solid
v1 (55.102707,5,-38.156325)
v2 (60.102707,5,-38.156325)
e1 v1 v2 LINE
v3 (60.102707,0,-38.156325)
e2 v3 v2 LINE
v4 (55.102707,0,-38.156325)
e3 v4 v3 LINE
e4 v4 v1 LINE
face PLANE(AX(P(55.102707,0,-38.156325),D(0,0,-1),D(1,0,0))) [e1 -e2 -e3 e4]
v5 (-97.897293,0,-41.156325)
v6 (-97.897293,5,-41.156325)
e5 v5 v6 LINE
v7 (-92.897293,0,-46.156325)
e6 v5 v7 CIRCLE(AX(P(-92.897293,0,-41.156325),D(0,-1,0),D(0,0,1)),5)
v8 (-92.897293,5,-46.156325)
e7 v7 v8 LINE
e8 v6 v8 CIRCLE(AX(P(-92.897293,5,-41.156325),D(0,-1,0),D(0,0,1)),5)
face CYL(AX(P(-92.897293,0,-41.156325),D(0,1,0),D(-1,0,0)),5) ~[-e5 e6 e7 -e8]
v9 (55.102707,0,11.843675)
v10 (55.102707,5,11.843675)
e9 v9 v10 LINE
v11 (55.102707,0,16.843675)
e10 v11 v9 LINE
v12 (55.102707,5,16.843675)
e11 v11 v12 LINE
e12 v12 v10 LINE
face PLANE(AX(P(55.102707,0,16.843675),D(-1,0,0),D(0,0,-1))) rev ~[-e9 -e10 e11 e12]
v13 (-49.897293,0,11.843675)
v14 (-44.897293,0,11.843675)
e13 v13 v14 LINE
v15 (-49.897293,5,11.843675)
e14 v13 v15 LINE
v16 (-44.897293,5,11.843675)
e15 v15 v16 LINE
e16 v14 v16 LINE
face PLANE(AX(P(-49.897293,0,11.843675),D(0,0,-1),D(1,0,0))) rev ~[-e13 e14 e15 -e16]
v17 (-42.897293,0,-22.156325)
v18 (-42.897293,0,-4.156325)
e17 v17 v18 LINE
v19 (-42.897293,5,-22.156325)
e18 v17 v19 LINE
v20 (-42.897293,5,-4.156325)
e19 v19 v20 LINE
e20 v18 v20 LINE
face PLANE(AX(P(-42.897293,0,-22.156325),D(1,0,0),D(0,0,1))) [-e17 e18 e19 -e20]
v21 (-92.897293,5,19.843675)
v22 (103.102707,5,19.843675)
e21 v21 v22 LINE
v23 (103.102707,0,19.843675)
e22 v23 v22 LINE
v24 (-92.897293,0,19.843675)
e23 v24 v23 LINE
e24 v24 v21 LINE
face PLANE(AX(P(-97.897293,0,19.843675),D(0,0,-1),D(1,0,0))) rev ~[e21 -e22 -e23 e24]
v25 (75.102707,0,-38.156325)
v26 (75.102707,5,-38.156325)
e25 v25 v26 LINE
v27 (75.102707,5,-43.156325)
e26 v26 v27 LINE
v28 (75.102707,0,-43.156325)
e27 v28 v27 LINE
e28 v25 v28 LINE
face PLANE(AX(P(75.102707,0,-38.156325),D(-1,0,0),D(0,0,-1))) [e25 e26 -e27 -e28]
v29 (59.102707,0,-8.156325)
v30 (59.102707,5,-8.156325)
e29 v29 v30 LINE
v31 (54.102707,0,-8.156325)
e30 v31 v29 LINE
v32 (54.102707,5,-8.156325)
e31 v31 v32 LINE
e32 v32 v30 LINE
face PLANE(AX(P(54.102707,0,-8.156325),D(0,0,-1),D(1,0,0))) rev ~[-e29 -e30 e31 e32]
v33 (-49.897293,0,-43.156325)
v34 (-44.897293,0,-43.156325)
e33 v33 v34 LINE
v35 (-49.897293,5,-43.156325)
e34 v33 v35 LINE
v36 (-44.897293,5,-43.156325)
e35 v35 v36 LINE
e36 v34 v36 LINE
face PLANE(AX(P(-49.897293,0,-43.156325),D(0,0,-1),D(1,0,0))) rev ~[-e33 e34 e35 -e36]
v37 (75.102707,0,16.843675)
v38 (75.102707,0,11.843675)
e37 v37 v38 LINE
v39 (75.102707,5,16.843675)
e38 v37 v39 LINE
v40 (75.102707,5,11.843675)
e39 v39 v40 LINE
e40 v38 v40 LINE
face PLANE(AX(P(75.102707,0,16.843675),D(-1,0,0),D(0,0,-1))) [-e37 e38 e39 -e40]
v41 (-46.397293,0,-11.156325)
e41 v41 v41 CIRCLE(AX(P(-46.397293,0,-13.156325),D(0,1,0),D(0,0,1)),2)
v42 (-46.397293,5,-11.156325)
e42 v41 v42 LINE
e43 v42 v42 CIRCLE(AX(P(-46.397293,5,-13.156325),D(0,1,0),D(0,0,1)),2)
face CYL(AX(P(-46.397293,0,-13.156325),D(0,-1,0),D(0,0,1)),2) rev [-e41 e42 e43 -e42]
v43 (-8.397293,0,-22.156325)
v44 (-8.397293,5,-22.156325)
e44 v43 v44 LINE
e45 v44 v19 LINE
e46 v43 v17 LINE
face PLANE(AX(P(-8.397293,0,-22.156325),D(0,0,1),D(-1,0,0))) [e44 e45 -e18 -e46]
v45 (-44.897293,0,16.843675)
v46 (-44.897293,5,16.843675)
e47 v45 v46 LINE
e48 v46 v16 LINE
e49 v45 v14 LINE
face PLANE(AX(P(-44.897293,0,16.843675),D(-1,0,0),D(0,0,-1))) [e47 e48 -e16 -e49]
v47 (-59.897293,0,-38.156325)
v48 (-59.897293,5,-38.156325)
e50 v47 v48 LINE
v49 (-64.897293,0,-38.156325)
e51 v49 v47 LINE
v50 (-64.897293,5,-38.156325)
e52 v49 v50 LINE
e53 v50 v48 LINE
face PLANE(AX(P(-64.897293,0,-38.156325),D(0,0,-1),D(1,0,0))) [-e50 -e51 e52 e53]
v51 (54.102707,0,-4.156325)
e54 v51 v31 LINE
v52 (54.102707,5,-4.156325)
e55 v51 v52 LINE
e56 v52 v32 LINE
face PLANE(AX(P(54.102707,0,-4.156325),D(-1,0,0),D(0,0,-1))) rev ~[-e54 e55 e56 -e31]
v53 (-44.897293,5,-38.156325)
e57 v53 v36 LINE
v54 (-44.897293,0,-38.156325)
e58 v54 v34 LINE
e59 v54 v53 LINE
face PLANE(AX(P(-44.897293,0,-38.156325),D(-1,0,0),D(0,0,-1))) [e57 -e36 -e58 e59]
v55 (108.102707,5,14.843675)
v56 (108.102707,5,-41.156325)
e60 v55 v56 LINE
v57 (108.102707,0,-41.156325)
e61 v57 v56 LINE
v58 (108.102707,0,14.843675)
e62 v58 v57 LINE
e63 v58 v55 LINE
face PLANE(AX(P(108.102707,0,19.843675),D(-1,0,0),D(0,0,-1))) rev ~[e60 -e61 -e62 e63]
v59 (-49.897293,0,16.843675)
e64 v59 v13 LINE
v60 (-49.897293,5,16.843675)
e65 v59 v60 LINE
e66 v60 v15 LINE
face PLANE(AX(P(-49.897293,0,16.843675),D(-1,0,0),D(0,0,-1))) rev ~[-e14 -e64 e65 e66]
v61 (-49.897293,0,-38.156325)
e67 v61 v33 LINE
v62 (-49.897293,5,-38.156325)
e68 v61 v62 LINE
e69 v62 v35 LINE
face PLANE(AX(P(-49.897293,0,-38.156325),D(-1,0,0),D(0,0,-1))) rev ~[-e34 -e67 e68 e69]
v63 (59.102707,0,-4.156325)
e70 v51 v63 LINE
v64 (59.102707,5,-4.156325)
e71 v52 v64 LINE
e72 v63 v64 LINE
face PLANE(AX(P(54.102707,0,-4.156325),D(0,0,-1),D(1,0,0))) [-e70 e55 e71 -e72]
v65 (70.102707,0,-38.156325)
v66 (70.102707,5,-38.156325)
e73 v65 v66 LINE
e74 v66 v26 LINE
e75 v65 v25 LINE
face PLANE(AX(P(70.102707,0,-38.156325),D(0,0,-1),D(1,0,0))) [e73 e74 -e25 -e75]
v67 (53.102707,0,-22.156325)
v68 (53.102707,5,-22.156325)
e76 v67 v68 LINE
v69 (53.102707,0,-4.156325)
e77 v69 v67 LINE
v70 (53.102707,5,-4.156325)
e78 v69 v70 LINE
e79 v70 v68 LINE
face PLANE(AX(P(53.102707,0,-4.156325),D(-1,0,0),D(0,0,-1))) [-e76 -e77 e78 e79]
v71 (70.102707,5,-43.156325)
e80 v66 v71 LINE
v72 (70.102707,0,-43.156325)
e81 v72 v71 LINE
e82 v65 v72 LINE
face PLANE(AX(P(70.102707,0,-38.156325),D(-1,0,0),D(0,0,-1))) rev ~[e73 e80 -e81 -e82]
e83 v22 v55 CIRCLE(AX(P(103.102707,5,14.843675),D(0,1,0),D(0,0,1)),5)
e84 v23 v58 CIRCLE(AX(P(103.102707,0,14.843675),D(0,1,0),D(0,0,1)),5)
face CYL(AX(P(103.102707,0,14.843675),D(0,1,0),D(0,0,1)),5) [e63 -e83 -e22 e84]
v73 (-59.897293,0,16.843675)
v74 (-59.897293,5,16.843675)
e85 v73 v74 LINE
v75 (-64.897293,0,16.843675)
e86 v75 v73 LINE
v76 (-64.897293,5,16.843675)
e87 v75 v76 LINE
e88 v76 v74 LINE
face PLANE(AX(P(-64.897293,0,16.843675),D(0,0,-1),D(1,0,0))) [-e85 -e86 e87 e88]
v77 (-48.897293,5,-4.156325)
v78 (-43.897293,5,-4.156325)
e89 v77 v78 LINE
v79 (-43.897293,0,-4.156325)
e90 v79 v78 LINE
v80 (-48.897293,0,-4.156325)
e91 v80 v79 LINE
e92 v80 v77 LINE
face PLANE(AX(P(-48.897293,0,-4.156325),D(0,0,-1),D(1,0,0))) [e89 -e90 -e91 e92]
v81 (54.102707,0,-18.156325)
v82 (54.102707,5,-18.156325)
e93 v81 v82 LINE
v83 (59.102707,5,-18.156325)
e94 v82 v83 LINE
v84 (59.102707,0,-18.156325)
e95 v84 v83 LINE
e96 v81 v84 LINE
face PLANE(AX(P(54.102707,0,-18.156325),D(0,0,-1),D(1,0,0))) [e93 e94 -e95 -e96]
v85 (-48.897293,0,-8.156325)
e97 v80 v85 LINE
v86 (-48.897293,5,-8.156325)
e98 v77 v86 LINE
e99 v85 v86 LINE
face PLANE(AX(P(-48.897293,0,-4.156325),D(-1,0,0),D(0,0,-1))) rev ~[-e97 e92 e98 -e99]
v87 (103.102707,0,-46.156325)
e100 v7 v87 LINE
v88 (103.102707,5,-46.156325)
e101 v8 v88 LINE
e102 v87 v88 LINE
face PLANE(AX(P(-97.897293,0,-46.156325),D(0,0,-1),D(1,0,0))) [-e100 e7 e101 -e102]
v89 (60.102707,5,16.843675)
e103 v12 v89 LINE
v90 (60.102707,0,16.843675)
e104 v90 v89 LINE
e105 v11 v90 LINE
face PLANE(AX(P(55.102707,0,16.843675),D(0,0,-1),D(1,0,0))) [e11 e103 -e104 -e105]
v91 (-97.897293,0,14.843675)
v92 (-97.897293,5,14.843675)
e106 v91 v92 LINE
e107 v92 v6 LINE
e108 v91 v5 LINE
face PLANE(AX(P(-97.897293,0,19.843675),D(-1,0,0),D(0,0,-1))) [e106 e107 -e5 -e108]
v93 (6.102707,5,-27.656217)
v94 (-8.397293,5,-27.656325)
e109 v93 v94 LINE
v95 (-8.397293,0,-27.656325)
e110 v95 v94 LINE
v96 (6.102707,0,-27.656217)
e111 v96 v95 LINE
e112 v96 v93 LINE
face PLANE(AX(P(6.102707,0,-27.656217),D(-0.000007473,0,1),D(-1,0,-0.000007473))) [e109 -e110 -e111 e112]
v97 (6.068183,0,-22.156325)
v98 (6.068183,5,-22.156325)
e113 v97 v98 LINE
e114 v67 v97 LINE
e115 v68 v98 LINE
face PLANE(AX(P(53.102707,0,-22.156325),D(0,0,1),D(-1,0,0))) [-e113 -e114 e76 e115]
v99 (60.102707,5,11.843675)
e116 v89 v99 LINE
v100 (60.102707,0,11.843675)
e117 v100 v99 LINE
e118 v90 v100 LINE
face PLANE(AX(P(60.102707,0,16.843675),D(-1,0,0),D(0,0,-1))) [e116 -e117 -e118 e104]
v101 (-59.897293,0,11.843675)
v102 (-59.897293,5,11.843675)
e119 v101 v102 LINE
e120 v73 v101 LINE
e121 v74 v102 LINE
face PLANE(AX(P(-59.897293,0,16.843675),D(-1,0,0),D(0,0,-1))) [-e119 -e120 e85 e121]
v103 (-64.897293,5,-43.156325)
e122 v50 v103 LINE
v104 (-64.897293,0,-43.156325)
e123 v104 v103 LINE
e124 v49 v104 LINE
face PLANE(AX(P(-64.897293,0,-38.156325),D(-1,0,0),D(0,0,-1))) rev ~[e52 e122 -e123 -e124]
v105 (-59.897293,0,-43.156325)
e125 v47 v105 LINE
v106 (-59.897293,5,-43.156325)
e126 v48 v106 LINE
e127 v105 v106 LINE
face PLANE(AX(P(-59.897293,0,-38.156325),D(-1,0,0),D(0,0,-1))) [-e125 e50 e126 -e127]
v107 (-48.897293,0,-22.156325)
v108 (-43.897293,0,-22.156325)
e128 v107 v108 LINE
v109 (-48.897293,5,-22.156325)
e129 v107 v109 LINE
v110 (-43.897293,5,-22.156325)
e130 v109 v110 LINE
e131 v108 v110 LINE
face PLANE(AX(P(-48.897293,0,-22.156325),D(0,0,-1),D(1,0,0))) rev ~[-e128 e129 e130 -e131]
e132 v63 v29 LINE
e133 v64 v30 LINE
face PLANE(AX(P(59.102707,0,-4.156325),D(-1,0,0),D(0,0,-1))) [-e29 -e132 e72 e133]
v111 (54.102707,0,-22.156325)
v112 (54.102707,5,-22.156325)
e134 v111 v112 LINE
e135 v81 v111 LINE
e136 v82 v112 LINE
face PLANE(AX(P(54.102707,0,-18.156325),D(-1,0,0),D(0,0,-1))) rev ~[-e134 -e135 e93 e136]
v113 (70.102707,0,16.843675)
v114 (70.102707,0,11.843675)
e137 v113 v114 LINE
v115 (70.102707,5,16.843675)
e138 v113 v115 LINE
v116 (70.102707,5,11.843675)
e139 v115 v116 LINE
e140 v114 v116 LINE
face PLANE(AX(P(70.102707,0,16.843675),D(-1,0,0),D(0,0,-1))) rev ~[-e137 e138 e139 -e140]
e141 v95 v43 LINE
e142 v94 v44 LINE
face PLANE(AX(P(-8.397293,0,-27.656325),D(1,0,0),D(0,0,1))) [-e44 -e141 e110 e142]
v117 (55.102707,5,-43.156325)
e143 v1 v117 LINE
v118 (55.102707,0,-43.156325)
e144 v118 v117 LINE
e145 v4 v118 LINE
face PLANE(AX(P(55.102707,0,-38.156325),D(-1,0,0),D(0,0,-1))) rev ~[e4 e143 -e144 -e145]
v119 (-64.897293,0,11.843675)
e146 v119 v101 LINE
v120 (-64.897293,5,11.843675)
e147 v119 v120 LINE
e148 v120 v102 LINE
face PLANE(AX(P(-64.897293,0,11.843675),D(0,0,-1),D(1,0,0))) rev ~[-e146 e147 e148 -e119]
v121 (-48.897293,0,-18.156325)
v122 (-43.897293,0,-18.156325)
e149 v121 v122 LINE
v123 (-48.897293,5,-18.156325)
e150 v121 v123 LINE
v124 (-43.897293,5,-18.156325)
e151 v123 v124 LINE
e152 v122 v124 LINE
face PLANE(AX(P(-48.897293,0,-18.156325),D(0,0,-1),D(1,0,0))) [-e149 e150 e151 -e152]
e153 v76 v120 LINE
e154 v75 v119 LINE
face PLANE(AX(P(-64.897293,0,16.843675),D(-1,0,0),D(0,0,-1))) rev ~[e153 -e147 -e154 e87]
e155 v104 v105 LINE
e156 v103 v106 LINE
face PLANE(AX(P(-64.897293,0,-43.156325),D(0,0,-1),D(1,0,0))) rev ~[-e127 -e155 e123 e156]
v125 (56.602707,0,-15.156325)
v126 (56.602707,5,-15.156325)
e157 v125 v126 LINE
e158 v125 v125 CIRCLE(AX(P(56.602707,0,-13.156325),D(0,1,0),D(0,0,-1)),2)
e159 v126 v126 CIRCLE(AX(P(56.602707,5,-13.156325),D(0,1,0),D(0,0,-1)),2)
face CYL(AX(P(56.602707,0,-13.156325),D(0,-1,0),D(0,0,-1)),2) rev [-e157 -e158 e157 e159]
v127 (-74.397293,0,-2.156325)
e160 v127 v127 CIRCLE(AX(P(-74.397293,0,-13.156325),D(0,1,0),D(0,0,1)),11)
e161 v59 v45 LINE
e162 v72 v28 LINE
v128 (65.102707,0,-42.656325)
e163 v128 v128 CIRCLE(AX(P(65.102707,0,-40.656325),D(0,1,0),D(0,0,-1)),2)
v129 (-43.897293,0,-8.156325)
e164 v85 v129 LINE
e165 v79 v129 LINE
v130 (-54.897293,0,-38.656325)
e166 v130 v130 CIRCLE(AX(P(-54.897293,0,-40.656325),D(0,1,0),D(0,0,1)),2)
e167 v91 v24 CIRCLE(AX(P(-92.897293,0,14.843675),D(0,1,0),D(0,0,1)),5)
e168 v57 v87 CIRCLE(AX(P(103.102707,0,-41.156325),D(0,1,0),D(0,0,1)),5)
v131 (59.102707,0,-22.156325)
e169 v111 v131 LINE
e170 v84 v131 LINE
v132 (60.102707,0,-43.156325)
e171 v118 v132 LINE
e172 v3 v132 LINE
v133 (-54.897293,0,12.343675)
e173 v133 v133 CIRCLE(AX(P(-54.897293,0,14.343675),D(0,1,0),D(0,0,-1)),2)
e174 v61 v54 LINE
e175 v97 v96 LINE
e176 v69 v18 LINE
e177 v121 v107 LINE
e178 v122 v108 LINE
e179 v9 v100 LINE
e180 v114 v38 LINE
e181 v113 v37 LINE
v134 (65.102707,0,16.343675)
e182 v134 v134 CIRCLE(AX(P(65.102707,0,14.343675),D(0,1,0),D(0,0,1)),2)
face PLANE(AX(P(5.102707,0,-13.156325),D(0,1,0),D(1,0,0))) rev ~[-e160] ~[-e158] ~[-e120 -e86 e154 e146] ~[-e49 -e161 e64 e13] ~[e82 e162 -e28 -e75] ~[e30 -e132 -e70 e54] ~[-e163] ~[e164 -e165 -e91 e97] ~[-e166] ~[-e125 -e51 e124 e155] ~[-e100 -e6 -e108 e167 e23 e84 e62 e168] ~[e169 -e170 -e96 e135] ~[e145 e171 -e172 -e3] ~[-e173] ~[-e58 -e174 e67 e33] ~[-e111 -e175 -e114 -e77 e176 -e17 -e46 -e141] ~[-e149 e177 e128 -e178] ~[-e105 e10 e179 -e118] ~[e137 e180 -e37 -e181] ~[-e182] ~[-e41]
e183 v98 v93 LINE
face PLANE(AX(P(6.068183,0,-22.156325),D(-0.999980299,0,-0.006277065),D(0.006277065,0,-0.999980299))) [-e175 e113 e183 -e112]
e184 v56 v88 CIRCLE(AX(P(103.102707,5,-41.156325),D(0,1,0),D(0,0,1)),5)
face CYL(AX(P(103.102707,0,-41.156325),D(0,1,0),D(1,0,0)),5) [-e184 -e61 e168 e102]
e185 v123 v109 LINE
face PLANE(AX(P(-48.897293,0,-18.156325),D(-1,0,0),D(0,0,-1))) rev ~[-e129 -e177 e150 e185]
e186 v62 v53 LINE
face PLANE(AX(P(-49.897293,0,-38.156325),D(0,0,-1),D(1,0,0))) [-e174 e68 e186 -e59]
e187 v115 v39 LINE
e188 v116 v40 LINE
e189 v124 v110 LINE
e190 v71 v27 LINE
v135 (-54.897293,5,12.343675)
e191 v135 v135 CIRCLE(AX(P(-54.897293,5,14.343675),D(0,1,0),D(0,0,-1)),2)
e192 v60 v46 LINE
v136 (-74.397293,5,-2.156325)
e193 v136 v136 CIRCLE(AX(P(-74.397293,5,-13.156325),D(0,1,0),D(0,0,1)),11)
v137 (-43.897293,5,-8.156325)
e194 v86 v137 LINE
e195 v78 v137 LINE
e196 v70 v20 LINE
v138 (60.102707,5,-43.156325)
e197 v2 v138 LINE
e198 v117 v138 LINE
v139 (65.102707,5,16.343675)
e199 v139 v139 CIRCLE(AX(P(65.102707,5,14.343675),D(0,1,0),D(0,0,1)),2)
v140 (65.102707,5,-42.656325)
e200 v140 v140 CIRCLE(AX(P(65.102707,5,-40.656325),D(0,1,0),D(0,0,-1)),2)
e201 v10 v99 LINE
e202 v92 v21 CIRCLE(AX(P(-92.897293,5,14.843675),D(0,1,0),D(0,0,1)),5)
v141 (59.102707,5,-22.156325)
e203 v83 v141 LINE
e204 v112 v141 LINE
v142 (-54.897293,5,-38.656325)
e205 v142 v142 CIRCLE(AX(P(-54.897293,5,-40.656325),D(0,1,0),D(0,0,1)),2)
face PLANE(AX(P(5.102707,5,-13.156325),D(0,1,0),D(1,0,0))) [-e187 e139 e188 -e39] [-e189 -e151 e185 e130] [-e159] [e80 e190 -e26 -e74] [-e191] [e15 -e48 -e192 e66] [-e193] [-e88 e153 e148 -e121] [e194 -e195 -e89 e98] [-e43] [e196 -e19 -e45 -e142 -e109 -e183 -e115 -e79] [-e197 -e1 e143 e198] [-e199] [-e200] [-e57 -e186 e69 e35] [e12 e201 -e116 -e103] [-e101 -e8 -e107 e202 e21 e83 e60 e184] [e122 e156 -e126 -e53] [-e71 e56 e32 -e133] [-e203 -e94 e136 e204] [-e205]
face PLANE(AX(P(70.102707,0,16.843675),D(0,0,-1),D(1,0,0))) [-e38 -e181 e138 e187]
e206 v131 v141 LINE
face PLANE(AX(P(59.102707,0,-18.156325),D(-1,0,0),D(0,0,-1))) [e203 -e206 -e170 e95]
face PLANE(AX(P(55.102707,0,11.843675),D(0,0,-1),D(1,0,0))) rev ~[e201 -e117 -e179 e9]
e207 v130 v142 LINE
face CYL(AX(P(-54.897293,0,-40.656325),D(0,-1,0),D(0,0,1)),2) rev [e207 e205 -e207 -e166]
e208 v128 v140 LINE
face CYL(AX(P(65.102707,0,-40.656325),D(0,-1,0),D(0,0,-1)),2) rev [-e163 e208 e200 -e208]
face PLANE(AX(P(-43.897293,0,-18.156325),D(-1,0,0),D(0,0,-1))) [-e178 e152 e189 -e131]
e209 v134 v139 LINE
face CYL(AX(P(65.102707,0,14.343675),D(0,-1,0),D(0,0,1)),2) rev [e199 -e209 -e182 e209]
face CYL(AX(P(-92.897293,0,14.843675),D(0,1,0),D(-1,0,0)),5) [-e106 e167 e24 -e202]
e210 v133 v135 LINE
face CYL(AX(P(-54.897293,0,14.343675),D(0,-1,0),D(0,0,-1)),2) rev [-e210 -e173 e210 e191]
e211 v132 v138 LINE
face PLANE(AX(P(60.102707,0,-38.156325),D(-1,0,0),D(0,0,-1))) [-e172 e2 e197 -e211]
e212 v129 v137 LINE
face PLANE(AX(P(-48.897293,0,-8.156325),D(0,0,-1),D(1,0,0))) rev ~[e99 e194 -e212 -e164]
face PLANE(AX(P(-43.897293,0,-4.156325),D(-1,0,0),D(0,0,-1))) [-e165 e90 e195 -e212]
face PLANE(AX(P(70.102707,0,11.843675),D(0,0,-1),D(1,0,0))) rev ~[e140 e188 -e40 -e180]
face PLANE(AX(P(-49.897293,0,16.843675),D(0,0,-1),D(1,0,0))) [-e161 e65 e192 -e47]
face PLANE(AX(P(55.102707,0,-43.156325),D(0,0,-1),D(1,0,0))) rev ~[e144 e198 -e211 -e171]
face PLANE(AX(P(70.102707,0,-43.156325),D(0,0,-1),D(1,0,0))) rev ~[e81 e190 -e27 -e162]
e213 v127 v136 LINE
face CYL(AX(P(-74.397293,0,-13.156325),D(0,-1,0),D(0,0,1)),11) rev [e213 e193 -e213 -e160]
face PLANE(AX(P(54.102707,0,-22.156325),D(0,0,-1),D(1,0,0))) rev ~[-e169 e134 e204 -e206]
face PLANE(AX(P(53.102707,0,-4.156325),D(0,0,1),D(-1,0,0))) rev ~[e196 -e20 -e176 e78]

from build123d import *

# Parameters (mm, degrees)
SKETCH1_W           = 206
SKETCH1_H           = 66
SKETCH1_R           = 2
SKETCH1_R_2         = 11
SKETCH1_W_2         = 5
SKETCH1_H_2         = 5
SKETCH1_H_3         = 4
BOSS_EXTRUDE4_DEPTH = 5
FILLET9_R           = 5


with BuildPart() as part:
    # Sketch1 → Boss-Extrude4 (new body)
    with BuildSketch(Plane(origin=(0, 0, 0), x_dir=(1, 0, 0), z_dir=(0, 1, 0))):
        with Locations((5.102707087, 13.156325227)):
            Rectangle(SKETCH1_W, SKETCH1_H)
        with Locations(Location((-54.897292913, 40.656325227, 0), (0, 0, 270))):
            Circle(SKETCH1_R, mode=Mode.SUBTRACT)
        with Locations(Location((-54.897292913, -14.343674773, 0), (0, 0, 90))):
            Circle(SKETCH1_R, mode=Mode.SUBTRACT)
        with Locations(Location((65.102707087, -14.343674773, 0), (0, 0, 270))):
            Circle(SKETCH1_R, mode=Mode.SUBTRACT)
        with Locations(Location((65.102707087, 40.656325227, 0), (0, 0, 90))):
            Circle(SKETCH1_R, mode=Mode.SUBTRACT)
        with Locations(Location((-74.397292913, 13.156325227, 0), (0, 0, 270))):
            Circle(SKETCH1_R_2, mode=Mode.SUBTRACT)
        with Locations(Location((-46.397292913, 13.156325227, 0), (0, 0, 270))):
            Circle(SKETCH1_R, mode=Mode.SUBTRACT)
        with Locations(Location((56.602707087, 13.156325227, 0), (0, 0, 90))):
            Circle(SKETCH1_R, mode=Mode.SUBTRACT)
        with Locations((57.602707087, 40.656325227)):
            Rectangle(SKETCH1_W_2, SKETCH1_H_2, mode=Mode.SUBTRACT)
        with Locations((-62.397292913, 40.656325227)):
            Rectangle(SKETCH1_W_2, SKETCH1_H_2, mode=Mode.SUBTRACT)
        with Locations((-47.397292913, 40.656325227)):
            Rectangle(SKETCH1_W_2, SKETCH1_H_2, mode=Mode.SUBTRACT)
        with Locations((72.602707087, 40.656325227)):
            Rectangle(SKETCH1_W_2, SKETCH1_H_2, mode=Mode.SUBTRACT)
        with Locations((72.602707087, -14.343674773)):
            Rectangle(SKETCH1_W_2, SKETCH1_H_2, mode=Mode.SUBTRACT)
        with Locations((57.602707087, -14.343674773)):
            Rectangle(SKETCH1_W_2, SKETCH1_H_2, mode=Mode.SUBTRACT)
        with Locations((-47.397292913, -14.343674773)):
            Rectangle(SKETCH1_W_2, SKETCH1_H_2, mode=Mode.SUBTRACT)
        with Locations((-62.397292913, -14.343674773)):
            Rectangle(SKETCH1_W_2, SKETCH1_H_2, mode=Mode.SUBTRACT)
        with Locations((-46.397292913, 20.156325227)):
            Rectangle(SKETCH1_W_2, SKETCH1_H_3, mode=Mode.SUBTRACT)
        with Locations((-46.397292913, 6.156325227)):
            Rectangle(SKETCH1_W_2, SKETCH1_H_3, mode=Mode.SUBTRACT)
        with Locations((56.602707087, 6.156325227)):
            Rectangle(SKETCH1_W_2, SKETCH1_H_3, mode=Mode.SUBTRACT)
        with Locations((56.602707087, 20.156325227)):
            Rectangle(SKETCH1_W_2, SKETCH1_H_3, mode=Mode.SUBTRACT)
        Polygon((6.068183228, 4.156325227), (53.102707087, 4.156325227), (53.102707087, 22.156325227), (6.068183228, 22.156325227), (6.102707086, 27.656216871), (-8.397292913, 27.656325227), (-8.397292913, 22.156325227), (-42.897292913, 22.156325227), (-42.897292913, 4.156325227), (-8.397292913, 4.156325227), align=None, mode=Mode.SUBTRACT)
    extrude(amount=BOSS_EXTRUDE4_DEPTH)

    # Fillet9
    fillet9_edges = [part.edges().sort_by_distance(p)[0] for p in [
        (-97.897292913, 2.5, -46.156325227),
        (108.102707087, 2.5, -46.156325227),
        (108.102707087, 2.5, 19.843674773),
        (-97.897292913, 2.5, 19.843674773),
    ]]
    fillet(fillet9_edges, radius=FILLET9_R)


solid = part.part
